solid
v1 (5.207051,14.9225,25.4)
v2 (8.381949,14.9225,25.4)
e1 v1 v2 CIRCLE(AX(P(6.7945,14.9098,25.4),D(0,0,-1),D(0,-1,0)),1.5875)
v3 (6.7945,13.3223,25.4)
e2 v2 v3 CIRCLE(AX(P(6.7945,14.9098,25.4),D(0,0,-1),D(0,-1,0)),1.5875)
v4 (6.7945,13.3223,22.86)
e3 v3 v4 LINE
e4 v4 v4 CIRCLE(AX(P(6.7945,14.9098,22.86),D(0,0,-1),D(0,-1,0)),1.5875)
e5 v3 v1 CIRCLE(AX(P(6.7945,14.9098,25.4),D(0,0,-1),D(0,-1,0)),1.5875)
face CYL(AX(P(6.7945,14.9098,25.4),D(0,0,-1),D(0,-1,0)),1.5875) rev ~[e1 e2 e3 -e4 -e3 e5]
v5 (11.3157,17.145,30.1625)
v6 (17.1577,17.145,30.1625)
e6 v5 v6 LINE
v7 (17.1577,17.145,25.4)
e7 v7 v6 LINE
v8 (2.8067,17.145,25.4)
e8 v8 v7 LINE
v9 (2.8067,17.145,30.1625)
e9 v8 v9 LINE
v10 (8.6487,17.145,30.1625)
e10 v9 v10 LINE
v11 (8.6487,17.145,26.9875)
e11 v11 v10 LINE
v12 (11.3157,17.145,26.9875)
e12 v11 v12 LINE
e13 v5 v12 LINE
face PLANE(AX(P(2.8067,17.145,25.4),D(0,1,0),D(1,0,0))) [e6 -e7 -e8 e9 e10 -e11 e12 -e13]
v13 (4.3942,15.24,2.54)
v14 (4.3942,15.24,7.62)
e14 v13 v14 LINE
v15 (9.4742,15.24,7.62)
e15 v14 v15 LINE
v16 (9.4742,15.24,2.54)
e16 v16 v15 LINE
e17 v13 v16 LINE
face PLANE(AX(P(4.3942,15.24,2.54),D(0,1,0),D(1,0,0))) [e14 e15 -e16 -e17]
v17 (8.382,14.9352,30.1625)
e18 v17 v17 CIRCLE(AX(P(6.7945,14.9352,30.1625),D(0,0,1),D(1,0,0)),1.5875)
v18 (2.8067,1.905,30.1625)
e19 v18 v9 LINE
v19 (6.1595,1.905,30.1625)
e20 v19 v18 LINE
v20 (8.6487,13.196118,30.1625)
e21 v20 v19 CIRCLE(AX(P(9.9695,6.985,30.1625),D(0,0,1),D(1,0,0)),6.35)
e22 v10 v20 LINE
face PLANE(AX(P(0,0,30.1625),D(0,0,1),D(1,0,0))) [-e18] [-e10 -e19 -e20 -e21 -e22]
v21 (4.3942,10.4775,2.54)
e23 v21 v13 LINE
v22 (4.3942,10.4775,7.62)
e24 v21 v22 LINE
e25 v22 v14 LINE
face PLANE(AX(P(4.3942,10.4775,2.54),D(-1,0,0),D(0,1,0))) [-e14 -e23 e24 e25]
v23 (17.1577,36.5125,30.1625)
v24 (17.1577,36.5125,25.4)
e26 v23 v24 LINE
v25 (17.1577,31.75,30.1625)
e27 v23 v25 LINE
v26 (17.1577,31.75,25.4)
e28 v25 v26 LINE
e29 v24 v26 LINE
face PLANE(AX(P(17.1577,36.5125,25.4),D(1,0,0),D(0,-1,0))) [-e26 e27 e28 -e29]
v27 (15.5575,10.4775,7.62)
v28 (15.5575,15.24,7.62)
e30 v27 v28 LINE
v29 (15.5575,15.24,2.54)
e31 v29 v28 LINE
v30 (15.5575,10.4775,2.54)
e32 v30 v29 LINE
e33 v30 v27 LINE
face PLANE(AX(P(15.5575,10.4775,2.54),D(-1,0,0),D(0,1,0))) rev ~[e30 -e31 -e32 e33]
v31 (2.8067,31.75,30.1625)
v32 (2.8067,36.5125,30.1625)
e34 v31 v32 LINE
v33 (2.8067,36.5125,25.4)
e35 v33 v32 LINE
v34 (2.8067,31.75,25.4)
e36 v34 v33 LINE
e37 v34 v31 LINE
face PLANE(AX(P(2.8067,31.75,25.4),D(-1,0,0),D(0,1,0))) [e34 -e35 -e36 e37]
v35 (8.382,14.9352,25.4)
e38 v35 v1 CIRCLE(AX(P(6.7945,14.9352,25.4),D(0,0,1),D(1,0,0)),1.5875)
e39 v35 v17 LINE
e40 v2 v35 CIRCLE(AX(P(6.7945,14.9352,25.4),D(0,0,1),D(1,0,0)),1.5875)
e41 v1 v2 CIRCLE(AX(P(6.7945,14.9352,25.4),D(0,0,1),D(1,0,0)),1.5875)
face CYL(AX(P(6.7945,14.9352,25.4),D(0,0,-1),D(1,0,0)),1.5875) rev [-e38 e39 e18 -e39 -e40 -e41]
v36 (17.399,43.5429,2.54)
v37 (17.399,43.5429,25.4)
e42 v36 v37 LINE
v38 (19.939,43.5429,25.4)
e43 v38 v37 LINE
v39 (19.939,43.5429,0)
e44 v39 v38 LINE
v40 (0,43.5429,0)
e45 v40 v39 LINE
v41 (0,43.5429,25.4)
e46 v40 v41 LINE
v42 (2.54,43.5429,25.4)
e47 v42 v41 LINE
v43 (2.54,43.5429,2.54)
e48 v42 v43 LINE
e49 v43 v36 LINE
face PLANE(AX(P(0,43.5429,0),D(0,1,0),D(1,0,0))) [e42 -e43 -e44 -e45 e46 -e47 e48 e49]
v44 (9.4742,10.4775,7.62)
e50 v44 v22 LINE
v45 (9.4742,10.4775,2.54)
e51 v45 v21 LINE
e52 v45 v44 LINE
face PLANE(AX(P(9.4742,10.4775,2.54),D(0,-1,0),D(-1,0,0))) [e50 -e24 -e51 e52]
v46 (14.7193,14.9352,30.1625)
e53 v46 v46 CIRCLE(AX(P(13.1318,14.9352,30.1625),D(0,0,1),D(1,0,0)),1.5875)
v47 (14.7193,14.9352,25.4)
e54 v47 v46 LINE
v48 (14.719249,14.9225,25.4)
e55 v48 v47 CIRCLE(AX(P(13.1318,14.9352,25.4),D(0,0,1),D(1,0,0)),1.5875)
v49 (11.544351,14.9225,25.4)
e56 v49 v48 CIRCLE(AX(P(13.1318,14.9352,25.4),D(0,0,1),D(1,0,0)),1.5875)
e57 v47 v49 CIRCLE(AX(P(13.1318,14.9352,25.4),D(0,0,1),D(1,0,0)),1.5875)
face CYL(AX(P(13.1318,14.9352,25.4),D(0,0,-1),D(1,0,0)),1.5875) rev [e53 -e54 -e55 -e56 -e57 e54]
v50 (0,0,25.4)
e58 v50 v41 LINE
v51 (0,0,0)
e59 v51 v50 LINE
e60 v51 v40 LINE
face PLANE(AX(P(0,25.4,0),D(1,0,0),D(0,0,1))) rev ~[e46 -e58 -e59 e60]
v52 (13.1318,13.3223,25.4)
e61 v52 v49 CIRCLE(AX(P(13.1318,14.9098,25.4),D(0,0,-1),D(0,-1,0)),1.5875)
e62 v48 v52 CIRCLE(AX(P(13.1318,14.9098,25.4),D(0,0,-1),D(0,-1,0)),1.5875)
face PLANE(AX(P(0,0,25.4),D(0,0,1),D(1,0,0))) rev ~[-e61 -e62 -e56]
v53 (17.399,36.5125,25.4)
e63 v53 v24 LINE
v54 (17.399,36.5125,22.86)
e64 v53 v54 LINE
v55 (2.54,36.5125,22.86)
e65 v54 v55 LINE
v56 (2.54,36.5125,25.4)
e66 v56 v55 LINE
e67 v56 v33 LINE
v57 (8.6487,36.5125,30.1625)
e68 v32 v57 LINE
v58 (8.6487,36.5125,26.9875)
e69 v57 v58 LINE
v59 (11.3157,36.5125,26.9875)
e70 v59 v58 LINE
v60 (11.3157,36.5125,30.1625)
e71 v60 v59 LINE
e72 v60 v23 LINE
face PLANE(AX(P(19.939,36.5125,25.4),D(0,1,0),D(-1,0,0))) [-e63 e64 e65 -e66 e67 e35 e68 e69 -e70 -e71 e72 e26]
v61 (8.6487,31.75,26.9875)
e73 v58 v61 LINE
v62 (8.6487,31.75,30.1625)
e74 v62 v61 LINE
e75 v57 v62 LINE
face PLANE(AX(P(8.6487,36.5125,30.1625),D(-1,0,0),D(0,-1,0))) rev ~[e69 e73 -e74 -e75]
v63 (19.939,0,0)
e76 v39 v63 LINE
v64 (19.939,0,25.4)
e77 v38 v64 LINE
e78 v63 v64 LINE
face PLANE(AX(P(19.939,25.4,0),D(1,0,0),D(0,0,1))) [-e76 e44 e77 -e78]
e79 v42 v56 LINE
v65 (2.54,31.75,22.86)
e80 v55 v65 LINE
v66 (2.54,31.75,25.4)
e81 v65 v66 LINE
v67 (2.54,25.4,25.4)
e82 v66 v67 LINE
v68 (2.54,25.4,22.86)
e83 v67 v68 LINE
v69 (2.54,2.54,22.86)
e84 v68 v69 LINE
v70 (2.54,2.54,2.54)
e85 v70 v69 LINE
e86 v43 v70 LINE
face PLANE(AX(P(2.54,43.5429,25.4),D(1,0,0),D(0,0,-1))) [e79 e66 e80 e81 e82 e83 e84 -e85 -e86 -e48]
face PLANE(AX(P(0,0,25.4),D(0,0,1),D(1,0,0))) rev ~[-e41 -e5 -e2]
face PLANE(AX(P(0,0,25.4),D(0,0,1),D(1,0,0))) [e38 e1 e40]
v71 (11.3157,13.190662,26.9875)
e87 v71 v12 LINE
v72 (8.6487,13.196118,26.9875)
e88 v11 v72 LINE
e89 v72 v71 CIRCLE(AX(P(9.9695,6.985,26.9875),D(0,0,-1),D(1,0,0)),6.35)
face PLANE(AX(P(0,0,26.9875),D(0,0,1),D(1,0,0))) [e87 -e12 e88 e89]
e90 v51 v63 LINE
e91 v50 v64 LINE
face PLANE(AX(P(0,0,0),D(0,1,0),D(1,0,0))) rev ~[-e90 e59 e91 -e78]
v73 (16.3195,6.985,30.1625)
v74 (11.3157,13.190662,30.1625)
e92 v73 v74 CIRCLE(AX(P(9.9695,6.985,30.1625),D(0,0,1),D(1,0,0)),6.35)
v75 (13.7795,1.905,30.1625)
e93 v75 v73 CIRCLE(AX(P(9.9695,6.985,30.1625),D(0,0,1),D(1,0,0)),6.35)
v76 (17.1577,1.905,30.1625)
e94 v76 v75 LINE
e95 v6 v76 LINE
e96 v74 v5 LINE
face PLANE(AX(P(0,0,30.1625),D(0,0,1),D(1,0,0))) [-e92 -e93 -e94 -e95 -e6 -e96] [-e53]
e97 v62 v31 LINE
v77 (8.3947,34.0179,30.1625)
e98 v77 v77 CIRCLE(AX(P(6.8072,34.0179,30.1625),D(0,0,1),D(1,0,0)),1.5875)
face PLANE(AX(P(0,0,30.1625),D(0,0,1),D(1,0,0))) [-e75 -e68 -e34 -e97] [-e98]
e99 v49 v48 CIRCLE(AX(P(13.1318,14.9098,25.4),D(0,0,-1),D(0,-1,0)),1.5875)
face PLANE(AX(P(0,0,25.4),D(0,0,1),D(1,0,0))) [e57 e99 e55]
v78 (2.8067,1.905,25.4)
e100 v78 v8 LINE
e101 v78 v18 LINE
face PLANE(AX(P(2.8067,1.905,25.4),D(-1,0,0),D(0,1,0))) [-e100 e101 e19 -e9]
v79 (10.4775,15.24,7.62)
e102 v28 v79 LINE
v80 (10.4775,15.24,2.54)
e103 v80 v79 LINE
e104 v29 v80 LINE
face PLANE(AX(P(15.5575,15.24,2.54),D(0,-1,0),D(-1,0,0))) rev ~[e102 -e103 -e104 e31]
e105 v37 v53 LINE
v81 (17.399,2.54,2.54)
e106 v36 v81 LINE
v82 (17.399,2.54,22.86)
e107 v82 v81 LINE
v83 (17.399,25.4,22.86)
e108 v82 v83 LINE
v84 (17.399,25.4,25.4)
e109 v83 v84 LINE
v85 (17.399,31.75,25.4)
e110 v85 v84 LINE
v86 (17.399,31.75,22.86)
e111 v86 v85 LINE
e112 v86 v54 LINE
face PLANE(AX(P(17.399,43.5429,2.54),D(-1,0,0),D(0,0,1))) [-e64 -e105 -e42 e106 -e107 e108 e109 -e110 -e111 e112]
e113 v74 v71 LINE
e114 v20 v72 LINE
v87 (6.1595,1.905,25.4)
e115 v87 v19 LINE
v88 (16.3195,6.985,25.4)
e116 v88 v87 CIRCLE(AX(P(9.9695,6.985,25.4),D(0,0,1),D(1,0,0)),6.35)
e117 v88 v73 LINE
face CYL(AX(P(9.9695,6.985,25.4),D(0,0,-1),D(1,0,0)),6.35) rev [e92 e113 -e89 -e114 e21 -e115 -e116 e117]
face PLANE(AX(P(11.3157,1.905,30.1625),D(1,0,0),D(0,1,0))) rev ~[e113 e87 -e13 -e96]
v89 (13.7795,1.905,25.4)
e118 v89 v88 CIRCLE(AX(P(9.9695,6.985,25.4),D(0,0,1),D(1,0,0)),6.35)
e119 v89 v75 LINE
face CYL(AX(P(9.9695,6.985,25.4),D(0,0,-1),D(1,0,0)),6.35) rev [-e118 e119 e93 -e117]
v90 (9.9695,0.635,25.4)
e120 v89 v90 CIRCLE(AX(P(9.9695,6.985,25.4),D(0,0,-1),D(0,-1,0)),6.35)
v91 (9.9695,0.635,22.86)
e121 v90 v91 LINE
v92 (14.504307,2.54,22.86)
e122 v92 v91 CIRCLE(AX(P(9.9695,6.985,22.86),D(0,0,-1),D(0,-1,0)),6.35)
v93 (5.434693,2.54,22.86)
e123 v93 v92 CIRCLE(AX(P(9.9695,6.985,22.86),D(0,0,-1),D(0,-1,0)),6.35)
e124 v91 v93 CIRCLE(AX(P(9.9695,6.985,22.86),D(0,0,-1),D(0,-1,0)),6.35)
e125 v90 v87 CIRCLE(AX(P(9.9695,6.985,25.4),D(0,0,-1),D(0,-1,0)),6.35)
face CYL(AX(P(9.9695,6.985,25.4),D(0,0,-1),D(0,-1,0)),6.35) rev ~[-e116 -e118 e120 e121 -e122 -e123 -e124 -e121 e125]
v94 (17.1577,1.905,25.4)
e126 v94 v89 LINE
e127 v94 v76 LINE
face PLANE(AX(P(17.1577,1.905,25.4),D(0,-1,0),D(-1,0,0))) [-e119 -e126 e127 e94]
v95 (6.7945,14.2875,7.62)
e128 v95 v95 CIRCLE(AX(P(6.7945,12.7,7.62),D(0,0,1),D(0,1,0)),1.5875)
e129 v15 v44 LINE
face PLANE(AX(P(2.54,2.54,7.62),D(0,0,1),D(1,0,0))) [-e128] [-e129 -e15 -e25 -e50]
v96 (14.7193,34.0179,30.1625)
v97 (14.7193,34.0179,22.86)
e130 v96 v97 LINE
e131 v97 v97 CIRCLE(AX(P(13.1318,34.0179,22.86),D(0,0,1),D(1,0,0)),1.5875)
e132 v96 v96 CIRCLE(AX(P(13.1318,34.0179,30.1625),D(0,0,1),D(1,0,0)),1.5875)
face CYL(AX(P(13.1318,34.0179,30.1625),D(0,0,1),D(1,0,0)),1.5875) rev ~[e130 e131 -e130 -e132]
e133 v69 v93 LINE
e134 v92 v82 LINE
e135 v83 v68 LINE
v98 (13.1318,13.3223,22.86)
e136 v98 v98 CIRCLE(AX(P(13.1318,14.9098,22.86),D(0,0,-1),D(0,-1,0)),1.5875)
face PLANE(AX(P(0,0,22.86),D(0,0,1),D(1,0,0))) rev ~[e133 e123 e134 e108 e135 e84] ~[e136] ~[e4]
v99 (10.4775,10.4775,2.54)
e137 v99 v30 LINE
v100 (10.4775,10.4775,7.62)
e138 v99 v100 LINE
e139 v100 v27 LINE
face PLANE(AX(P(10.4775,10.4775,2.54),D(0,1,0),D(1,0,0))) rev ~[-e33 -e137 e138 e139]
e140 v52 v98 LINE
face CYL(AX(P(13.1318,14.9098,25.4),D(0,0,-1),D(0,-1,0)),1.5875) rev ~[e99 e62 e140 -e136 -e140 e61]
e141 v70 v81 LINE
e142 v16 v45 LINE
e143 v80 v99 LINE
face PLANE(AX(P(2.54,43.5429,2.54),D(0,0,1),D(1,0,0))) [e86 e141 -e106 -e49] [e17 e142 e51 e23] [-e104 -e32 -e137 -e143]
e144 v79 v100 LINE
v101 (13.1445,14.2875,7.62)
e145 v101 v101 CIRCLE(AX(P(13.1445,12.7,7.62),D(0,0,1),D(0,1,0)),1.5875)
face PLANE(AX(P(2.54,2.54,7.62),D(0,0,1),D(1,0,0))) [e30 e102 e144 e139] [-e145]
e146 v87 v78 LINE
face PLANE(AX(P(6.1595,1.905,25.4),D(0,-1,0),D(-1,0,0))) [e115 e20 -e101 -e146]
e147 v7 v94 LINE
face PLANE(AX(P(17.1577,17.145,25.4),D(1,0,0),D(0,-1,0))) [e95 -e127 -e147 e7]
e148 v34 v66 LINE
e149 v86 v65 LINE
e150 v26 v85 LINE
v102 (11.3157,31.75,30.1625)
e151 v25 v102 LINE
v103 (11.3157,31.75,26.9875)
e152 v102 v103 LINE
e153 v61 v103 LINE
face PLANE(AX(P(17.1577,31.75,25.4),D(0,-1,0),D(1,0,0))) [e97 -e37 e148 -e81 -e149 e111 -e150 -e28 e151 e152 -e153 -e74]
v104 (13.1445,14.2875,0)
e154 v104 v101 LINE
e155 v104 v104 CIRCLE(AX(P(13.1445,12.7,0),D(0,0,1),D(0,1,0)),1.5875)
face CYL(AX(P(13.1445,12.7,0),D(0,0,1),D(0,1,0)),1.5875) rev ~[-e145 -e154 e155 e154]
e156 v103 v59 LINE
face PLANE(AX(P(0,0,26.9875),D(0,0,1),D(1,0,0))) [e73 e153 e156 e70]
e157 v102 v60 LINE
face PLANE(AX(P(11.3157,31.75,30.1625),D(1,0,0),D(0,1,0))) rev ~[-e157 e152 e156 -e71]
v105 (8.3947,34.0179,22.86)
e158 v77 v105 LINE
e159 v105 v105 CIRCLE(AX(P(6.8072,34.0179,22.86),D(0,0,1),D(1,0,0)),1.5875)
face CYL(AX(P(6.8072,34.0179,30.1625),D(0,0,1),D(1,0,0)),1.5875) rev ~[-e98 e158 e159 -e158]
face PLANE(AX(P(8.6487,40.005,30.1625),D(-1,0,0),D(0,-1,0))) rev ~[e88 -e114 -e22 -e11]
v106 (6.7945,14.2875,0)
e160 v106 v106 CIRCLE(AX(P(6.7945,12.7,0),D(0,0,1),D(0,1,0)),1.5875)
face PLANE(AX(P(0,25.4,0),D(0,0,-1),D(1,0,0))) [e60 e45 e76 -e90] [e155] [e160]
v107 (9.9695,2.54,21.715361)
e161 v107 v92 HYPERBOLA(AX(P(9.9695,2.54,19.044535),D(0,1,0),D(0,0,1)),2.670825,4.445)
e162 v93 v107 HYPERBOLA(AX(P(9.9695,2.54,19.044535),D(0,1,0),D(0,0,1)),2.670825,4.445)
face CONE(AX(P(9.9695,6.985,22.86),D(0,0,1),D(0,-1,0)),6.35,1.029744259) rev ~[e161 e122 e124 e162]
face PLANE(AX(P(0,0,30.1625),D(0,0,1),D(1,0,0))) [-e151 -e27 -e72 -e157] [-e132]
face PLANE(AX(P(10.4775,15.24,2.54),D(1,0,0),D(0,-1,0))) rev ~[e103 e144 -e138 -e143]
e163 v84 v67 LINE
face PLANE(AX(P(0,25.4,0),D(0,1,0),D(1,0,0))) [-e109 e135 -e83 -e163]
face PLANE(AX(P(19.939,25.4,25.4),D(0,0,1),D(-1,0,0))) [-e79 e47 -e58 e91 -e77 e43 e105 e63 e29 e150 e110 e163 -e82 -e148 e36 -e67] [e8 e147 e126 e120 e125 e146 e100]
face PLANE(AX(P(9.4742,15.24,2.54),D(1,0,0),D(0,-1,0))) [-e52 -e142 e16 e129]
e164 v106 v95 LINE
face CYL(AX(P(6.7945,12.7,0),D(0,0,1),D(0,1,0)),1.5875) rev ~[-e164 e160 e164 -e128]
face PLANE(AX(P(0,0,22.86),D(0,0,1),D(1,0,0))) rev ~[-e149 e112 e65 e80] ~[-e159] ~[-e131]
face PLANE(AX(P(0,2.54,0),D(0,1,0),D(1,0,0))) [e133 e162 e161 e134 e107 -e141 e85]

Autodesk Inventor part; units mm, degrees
ref_plane "YZ Plane" through (0, 0, 0) normal (1, 0, 0) x (0, 1, 0)
ref_plane "XZ Plane" through (0, 0, 0) normal (0, 1, 0) x (-1, 0, 0)
ref_plane "XY Plane" through (0, 0, 0) normal (0, 0, 1) x (1, 0, 0)
sketch "Sketch1" plane through (0, 0, 0) normal (0, 0, 1) x (1, 0, 0)
  line L0 (0, 0) -> (19.939, 0)
  line L1 (19.939, 0) -> (19.939, 25.4)
  line L2 (19.939, 25.4) -> (0, 25.4)
  line L3 (0, 25.4) -> (0, 0)
  dimension "d0" = 19.939
  dimension "d1" = 25.4
extrude "Extrusion1" add sketch "Sketch1" along normal blind 25.4
shell "Shell1" thickness 2.54 removed faces 1 at (13.2927, 25.4, 8.4667)
sketch "Sketch2" plane through (0, 0, 25.4) normal (0, 0, 1) x (1, 0, 0)
  line L0 (15.367, 1.905) -> (4.572, 1.905)
  line L1 (4.572, 1.905) -> (4.572, 17.145)
  line L2 (4.572, 17.145) -> (15.367, 17.145)
  line L3 (15.367, 17.145) -> (15.367, 1.905)
  line L4 (15.367, 1.905) -> (4.572, 17.145) construction
  line L5 (4.572, 1.905) -> (15.367, 17.145) construction
  line L6 (0, 25.4) -> (0, 0) projected
  line L7 (0, 0) -> (19.939, 0) projected
  circle A0 centre (9.9695, 6.985) radius 3.175
  circle A1 centre (6.7945, 14.9098) radius 1.5875
  circle A2 centre (13.1318, 14.9098) radius 1.5875
  line L8 (19.939, 0) -> (19.939, 25.4) projected
  point P0 (9.9695, 9.525)
  dimension "d5" = 9.9695
  dimension "d6" = 9.525
  dimension "d7" = 15.24
  dimension "d8" = 10.795
  dimension "d9" = 6.35
  dimension "d10" = 5.08
  dimension "d11" = 3.175
  dimension "d12" = 7.9248
  dimension "d13" = 3.175
  dimension "d15" = 6.7945
  dimension "d16" = 6.8072
  dimension "d24" = 6.985
hole "Hole1" at (13.1318, 14.9098, 25.4) at (6.7945, 14.9098, 25.4) direction (0, 0, -1) diameter 3.175 depth 7.62 tip angle 118
sketch "Sketch3" plane through (0, 0, 25.4) normal (0, 0, 1) x (1, 0, 0)
  circle A0 centre (9.9695, 6.985) radius 6.35
  line L0 (0, 0) -> (19.939, 0) projected
  line L1 (19.939, 0) -> (19.939, 25.4) projected
  dimension "d25" = 12.7
  dimension "d26" = 6.985
  dimension "d27" = 9.9695
hole "Hole2" at (9.9695, 6.985, 25.4) direction (0, 0, -1) diameter 12.7 depth 2.54 tip angle 118
sketch "Sketch4" plane through (0, 0, 25.4) normal (0, 0, 1) x (1, 0, 0)
  line L0 (17.1577, 1.905) -> (2.8067, 1.905)
  line L1 (2.8067, 1.905) -> (2.8067, 17.145)
  line L2 (2.8067, 17.145) -> (17.1577, 17.145)
  line L3 (17.1577, 17.145) -> (17.1577, 1.905)
  line L4 (17.1577, 1.905) -> (2.8067, 17.145) construction
  line L5 (2.8067, 1.905) -> (17.1577, 17.145) construction
  line L6 (0, 0) -> (19.939, 0) projected
  line L7 (0, 25.4) -> (0, 0) projected
  circle A0 centre (13.1318, 14.9352) radius 1.5875
  circle A1 centre (6.7945, 14.9352) radius 1.5875
  line L8 (19.939, 0) -> (19.939, 25.4) projected
  circle A2 centre (9.9695, 6.985) radius 6.35
  point P0 (9.9822, 9.525)
  dimension "d35" = 9.525
  dimension "d36" = 14.351
  dimension "d38" = 9.9822
  dimension "d39" = 6.8072
  dimension "d40" = 6.7945
  dimension "d41" = 12.7
  dimension "d42" = 9.9695
  dimension "d43" = 5.08
  dimension "d44" = 7.9502
  dimension "d45" = 7.9502
  dimension "d56" = 6.3373
  dimension "d66" = 1.905
  dimension "d75" = 2.8067
  dimension "d76" = 2.7813
sketch "Sketch5" plane through (0, 0, 25.4) normal (0, 0, 1) x (1, 0, 0)
  point P0 (0, 0)
extrude "Extrusion2" add sketch "Sketch4" along normal blind 4.7625 contours L0 A2 L1 L2 L3
sketch "Sketch6" plane through (0, 0, 30.1625) normal (0, 0, 1) x (1, 0, 0)
  line L0 (17.1577, 1.905) -> (2.8067, 1.905) projected
  line L1 (8.6487, 1.905) -> (11.3157, 1.905)
  line L2 (11.3157, 1.905) -> (11.3157, 40.005)
  line L3 (11.3157, 40.005) -> (8.6487, 40.005)
  line L4 (8.6487, 40.005) -> (8.6487, 1.905)
  line L5 (17.1577, 1.905) -> (17.1577, 17.145) projected
  point P0 (0, 0)
  dimension "d48" = 2.667
  dimension "d49" = 5.842
  dimension "d71" = 38.1
extrude "Extrusion3" cut sketch "Sketch6" against normal blind 3.175
sketch "Sketch9" plane through (2.54, 2.54, 2.54) normal (0, 0, 1) x (1, 0, 0)
  line L0 (1.8542, 12.7) -> (6.9342, 12.7)
  line L1 (6.9342, 12.7) -> (6.9342, 7.9375)
  line L2 (6.9342, 7.9375) -> (1.8542, 7.9375)
  line L3 (1.8542, 7.9375) -> (1.8542, 12.7)
  line L4 (7.9375, 12.7) -> (14.2875, 12.7)
  line L5 (14.2875, 12.7) -> (14.2875, 7.9375)
  line L6 (14.2875, 7.9375) -> (7.9375, 7.9375)
  line L7 (7.9375, 7.9375) -> (7.9375, 12.7)
  line L8 (0, 22.86) -> (14.859, 22.86) projected
  line L9 (0, 22.86) -> (0, 0) projected
  point P0 (-2.54, -2.54)
  dimension "d97" = 10.16
  dimension "d98" = 5.08
  dimension "d100" = 1.8542
  dimension "d101" = 4.7625
extrude "Extrusion5" add sketch "Sketch9" along normal blind 5.08 contours L0 L1 L2 L3
sketch "Sketch10" plane through (2.54, 2.54, 2.54) normal (0, 0, 1) x (1, 0, 0)
  line L0 (7.9375, 7.9375) -> (13.0175, 7.9375)
  line L1 (13.0175, 7.9375) -> (13.0175, 12.7)
  line L2 (13.0175, 12.7) -> (7.9375, 12.7)
  line L3 (7.9375, 12.7) -> (7.9375, 7.9375)
  line L4 (0, 22.86) -> (14.859, 22.86) projected
  line L5 (1.8542, 12.7) -> (6.9342, 12.7) projected
  point P0 (-2.54, -2.54)
  dimension "d94" = 5.08
  dimension "d95" = 10.16
  dimension "d96" = 10.16
  dimension "d99" = 1.8415
  dimension "d102" = 4.7625
extrude "Extrusion6" add sketch "Sketch10" along normal blind 5.08
sketch "Sketch11" plane through (0, 0, 0) normal (0, 0, -1) x (-1, 0, 0)
  circle A0 centre (-13.1445, 12.7) radius 1.5875
  circle A1 centre (-6.7945, 12.7) radius 1.5875
  line L0 (0, 25.4) -> (0, 0) projected
  line L1 (-19.939, 0) -> (-19.939, 25.4) projected
  line L2 (0, 0) -> (-19.939, 0) projected
  dimension "d81" = 6.7945
  dimension "d91" = 12.7
  dimension "d92" = 12.7
  dimension "d93" = 6.35
hole "Hole4" at (13.1445, 12.7, 0) at (6.7945, 12.7, 0) direction (0, 0, 1) diameter 3.175 depth 15.24 tip angle 118
sketch "Sketch12" plane through (0, 25.4, 0) normal (0, 1, 0) x (1, 0, 0)
  line L0 (0, 0) -> (0, -25.4) projected
  line L1 (19.939, 0) -> (19.939, -25.4) projected
  line L2 (0, 0) -> (19.939, 0)
  line L3 (19.939, 0) -> (19.939, -25.4)
  line L4 (19.939, -25.4) -> (0, -25.4)
  line L5 (0, -25.4) -> (0, 0)
extrude "Extrusion7" add sketch "Sketch12" along normal blind 18.1429
sketch "Sketch13" plane through (0, 43.5429, 0) normal (0, 1, 0) x (1, 0, 0)
  line L0 (2.54, -2.54) -> (17.399, -2.54)
  line L1 (17.399, -2.54) -> (17.399, -25.4)
  line L2 (17.399, -25.4) -> (2.54, -25.4)
  line L3 (2.54, -25.4) -> (2.54, -2.54)
  line L4 (19.939, 0) -> (0, 0) projected
  line L5 (0, 0) -> (0, -25.4) projected
  line L6 (19.939, -25.4) -> (19.939, 0) projected
  dimension "d105" = 2.54
  dimension "d106" = 2.54
  dimension "d107" = 25.4
  dimension "d110" = 2.54
extrude "Extrusion8" cut sketch "Sketch13" against normal blind 18.1429
sketch "Sketch14" plane through (0, 0, 25.4) normal (0, 0, 1) x (1, 0, 0)
  line L0 (2.8067, 36.5125) -> (17.1577, 36.5125)
  line L1 (17.1577, 36.5125) -> (17.1577, 31.75)
  line L2 (17.1577, 31.75) -> (2.8067, 31.75)
  line L3 (2.8067, 31.75) -> (2.8067, 36.5125)
  line L4 (0, 0) -> (0, 43.5429) projected
  line L5 (19.939, 0) -> (19.939, 43.5429) projected
  line L6 (2.8067, 17.145) -> (2.8067, 1.905) projected
  line L7 (17.1577, 1.905) -> (17.1577, 17.145) projected
  dimension "d134" = 0
  dimension "d135" = 0
extrude "Extrusion9" add sketch "Sketch14" along normal blind 4.7625 and the other way blind 2.54
sketch "Sketch15" plane through (0, 0, 30.1625) normal (0, 0, 1) x (1, 0, 0)
  line L0 (2.8067, 31.75) -> (17.1577, 31.75) projected
  line L1 (8.6487, 31.75) -> (11.3157, 31.75)
  line L2 (11.3157, 31.75) -> (11.3157, 36.5125)
  line L3 (11.3157, 36.5125) -> (8.6487, 36.5125)
  line L4 (8.6487, 36.5125) -> (8.6487, 31.75)
  line L5 (2.8067, 36.5125) -> (2.8067, 31.75) projected
  line L6 (17.1577, 31.75) -> (17.1577, 36.5125) projected
  line L7 (17.1577, 36.5125) -> (2.8067, 36.5125) projected
  line L8 (19.939, 0) -> (19.939, 43.5429) projected
  line L9 (17.399, 43.5429) -> (17.399, 25.4) projected
  line L10 (17.1577, 1.905) -> (17.1577, 17.145) projected
  point P0 (0, 0)
  point P1 (17.399, 31.75)
  dimension "d119" = 0
  dimension "d130" = 2.667
  dimension "d133" = 5.842
extrude "Extrusion10" cut sketch "Sketch15" against normal blind 3.175 contours L4 L3 L2 L0
sketch "Sketch16" plane through (0, 0, 30.1625) normal (0, 0, 1) x (1, 0, 0)
  circle A0 centre (6.8072, 34.0179) radius 1.5875
  circle A1 centre (13.1318, 34.0179) radius 1.5875
  line L0 (0, 0) -> (0, 43.5429) projected
  line L1 (19.939, 0) -> (19.939, 43.5429) projected
  line L2 (2.54, 43.5429) -> (17.399, 43.5429) projected
  dimension "d122" = 3.175
  dimension "d123" = 3.175
  dimension "d124" = 6.8072
  dimension "d125" = 6.8072
  dimension "d126" = 9.525
  dimension "d127" = 9.525
extrude "Extrusion11" cut sketch "Sketch16" against normal blind 12.7
sketch "Sketch17" plane through (0, 0, 25.4) normal (0, 0, 1) x (1, 0, 0)
  line L0 (17.1577, 36.5125) -> (17.1577, 31.75) projected
  line L1 (19.939, 0) -> (19.939, 43.5429) projected
  line L2 (17.1577, 31.75) -> (19.939, 31.75)
  line L3 (19.939, 31.75) -> (19.939, 36.5125)
  line L4 (19.939, 36.5125) -> (17.1577, 36.5125)
  line L5 (17.1577, 36.5125) -> (17.1577, 31.75)
  line L6 (2.8067, 31.75) -> (2.8067, 36.5125) projected
  line L7 (0, 0) -> (0, 43.5429) projected
  line L8 (2.8067, 31.75) -> (0, 31.75)
  line L9 (0, 31.75) -> (0, 36.5125)
  line L10 (0, 36.5125) -> (2.8067, 36.5125)
  line L11 (2.8067, 36.5125) -> (2.8067, 31.75)
extrude "Extrusion12" add sketch "Sketch17" against normal blind 2.54
equation "\"d125\" = d124"
equation "\"d127\" = d126"
properties part number "BasePlateBottom"
